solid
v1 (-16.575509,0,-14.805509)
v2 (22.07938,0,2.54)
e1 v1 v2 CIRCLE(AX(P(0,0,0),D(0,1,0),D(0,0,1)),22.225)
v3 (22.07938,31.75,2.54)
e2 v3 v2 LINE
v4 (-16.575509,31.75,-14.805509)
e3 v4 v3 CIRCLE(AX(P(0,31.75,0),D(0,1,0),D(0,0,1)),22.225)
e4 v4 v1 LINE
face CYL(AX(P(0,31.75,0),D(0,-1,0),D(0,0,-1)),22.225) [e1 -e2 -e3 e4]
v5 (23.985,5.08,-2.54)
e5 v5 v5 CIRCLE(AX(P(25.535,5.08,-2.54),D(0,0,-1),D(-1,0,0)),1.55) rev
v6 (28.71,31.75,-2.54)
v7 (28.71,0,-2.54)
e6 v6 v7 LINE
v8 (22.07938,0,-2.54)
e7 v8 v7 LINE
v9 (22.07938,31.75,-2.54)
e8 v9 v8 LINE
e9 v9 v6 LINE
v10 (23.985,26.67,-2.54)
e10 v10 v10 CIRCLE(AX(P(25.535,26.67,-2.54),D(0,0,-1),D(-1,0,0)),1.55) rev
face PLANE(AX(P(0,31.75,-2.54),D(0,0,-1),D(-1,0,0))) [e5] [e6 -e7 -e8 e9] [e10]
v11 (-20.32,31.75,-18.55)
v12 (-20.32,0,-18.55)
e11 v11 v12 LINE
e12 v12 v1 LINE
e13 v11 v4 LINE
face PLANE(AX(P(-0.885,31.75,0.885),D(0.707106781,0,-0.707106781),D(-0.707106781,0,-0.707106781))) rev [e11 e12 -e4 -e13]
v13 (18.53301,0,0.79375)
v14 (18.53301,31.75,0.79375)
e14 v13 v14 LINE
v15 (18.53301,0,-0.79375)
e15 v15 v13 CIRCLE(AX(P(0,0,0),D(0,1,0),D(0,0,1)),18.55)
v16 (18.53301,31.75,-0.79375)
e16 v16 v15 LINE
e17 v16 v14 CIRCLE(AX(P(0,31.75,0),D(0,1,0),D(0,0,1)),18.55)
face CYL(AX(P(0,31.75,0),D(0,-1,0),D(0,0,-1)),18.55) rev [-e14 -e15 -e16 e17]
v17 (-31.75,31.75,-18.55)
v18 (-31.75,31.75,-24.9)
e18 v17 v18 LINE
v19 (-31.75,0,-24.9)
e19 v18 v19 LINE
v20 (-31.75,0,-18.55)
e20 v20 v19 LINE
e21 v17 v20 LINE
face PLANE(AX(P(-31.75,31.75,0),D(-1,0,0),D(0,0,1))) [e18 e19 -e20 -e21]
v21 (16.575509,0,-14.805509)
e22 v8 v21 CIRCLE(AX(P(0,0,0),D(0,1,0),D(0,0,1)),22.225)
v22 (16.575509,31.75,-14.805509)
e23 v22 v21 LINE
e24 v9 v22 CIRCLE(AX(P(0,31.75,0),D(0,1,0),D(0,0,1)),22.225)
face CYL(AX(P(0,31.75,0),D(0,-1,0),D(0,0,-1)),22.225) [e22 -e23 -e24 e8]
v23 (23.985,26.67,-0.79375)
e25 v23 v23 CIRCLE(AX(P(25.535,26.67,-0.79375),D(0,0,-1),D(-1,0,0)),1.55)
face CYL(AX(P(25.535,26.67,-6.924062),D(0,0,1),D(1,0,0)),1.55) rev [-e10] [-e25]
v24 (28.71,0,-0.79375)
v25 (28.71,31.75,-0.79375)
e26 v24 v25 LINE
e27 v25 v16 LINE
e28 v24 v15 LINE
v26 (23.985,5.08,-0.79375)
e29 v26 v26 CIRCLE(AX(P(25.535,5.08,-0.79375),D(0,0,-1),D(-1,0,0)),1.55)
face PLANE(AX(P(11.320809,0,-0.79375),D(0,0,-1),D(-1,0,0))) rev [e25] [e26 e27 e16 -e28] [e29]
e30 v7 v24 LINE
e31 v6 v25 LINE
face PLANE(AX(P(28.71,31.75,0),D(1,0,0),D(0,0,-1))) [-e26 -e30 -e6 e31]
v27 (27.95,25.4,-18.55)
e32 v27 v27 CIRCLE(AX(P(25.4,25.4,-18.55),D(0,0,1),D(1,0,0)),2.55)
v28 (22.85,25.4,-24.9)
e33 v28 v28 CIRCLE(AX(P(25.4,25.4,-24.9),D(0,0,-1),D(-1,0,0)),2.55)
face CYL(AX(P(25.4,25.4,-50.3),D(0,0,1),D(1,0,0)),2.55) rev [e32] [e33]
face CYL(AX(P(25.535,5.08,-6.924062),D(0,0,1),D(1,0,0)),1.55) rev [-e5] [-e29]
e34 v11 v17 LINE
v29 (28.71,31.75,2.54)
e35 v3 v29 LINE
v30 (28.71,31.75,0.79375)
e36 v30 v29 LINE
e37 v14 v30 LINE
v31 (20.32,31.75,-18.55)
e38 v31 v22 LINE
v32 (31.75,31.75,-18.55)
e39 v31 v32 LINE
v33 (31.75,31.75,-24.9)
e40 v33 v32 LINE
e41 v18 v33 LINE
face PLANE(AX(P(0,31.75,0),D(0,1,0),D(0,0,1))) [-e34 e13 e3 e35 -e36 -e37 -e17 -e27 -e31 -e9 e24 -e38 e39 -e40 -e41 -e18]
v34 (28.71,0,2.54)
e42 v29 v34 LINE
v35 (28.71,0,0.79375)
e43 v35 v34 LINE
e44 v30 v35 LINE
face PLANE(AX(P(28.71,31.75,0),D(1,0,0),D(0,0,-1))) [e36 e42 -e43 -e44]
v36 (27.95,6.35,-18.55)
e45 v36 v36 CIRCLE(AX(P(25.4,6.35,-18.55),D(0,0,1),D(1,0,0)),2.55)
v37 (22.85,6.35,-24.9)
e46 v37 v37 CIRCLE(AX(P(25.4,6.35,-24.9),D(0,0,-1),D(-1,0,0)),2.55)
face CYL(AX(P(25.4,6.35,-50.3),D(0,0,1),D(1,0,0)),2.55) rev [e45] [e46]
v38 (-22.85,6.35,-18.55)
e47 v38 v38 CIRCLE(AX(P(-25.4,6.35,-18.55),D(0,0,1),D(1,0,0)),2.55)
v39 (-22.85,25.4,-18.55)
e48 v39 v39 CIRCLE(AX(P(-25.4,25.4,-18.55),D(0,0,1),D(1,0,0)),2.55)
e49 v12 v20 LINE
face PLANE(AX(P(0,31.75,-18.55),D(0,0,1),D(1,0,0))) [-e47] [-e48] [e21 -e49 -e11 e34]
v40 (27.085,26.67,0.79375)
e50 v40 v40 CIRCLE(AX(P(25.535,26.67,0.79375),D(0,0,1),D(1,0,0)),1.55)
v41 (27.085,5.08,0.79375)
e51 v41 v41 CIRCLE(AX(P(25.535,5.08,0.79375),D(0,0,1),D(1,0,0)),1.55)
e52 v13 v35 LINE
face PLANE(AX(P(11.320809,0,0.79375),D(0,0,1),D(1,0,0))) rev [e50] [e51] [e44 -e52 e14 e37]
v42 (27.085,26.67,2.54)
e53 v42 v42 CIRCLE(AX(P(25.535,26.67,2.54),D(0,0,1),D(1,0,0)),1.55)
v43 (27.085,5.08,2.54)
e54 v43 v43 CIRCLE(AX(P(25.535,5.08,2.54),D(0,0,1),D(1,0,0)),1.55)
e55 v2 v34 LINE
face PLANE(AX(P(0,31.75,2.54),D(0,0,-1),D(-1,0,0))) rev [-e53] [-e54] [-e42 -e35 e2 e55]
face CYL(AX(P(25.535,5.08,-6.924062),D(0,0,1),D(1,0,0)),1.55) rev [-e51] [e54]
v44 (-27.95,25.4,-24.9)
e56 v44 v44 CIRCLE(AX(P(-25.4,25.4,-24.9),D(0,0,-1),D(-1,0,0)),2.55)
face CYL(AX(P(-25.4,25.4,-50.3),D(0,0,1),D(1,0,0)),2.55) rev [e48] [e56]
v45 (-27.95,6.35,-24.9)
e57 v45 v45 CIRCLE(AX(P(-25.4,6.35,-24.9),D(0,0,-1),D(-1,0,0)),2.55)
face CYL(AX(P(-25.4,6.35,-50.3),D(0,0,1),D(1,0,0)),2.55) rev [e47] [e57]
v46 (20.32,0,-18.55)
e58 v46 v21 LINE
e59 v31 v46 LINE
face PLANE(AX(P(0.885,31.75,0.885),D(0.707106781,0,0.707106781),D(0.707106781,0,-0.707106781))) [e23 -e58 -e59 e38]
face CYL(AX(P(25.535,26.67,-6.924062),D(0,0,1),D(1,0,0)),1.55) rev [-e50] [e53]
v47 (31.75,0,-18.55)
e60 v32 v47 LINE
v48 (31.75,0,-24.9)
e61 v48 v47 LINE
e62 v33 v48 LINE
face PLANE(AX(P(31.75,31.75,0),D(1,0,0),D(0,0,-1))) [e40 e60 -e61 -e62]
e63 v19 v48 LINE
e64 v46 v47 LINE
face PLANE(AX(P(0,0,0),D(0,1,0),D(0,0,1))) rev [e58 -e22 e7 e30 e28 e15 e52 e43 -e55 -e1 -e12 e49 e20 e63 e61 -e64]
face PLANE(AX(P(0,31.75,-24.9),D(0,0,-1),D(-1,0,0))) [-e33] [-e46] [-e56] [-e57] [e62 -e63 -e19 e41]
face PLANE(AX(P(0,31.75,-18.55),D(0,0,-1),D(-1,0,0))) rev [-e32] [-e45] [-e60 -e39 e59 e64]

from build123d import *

# Parameters (mm, degrees)
SKETCH1_W           = 3
SKETCH1_H           = 5.08
SKETCH1_W_2         = 1.910737821
SKETCH1_W_3         = 5
SKETCH1_H_2         = 6.35
SKETCH1_W_4         = 3.175
BOSS_EXTRUDE1_DEPTH = 31.75
SKETCH2_W           = 21.412406597
SKETCH2_H           = 1.5875
CUT_EXTRUDE1_DEPTH  = 31.75
CUT_EXTRUDE2_REACH  = 54.622
SKETCH3_R           = 1.55
SKETCH4_R           = 2.55
CUT_EXTRUDE3_DEPTH  = 31.75


with BuildPart() as part:
    # Sketch1 → Boss-Extrude1 (new body)
    with BuildSketch(Plane(origin=(0, 0, 0), x_dir=(1, 0, 0), z_dir=(0, 1, 0))):
        with BuildLine():
            ThreePointArc((18.55, 0), (-13.116830791, -13.116830791), (0, 18.55))
            Line((0, 18.55), (-12.241246873, 18.55))
            ThreePointArc((-12.241246873, 18.55), (-14.529510105, 16.817965427), (-16.575509472, 14.805509472))
            ThreePointArc((-16.575509472, 14.805509472), (-9.098891287, -20.277100442), (22.079380086, -2.54))
            Line((22.079380086, -2.54), (18.55, -2.54))
            Line((18.55, -2.54), (18.55, 0))
        make_face()
        with BuildLine():
            Line((12.241246873, 18.55), (0, 18.55))
            ThreePointArc((0, 18.55), (13.116830791, 13.116830791), (18.55, 0))
            Line((18.55, 0), (18.55, 2.54))
            Line((18.55, 2.54), (22.079380086, 2.54))
            ThreePointArc((22.079380086, 2.54), (20.277100442, 9.098891287), (16.575509472, 14.805509472))
            ThreePointArc((16.575509472, 14.805509472), (14.529510105, 16.817965427), (12.241246873, 18.55))
        make_face()
        with BuildLine():
            Line((18.55, 2.54), (18.55, 0))
            Line((18.55, 0), (18.55, -2.54))
            Line((18.55, -2.54), (22.079380086, -2.54))
            ThreePointArc((22.079380086, -2.54), (22.188565157, -1.27208541), (22.225, 0))
            ThreePointArc((22.225, 0), (22.188565157, 1.27208541), (22.079380086, 2.54))
            Line((22.079380086, 2.54), (18.55, 2.54))
        make_face()
        with BuildLine():
            ThreePointArc((22.225, 0), (22.188565157, -1.27208541), (22.079380086, -2.54))
            Line((22.079380086, -2.54), (23.799262179, -2.54))
            Line((23.799262179, -2.54), (23.799262179, 2.54))
            Line((23.799262179, 2.54), (22.079380086, 2.54))
            ThreePointArc((22.079380086, 2.54), (22.188565157, 1.27208541), (22.225, 0))
        make_face()
        with Locations((25.299262179, 0)):
            Rectangle(SKETCH1_W, SKETCH1_H)
        with Locations((27.75463109, 0)):
            Rectangle(SKETCH1_W_2, SKETCH1_H)
        with BuildLine():
            Line((-20.32, 18.55), (-12.241246873, 18.55))
            ThreePointArc((-12.241246873, 18.55), (0, 22.225), (12.241246873, 18.55))
            Line((12.241246873, 18.55), (20.32, 18.55))
            Line((20.32, 18.55), (31.75, 18.55))
            Line((31.75, 18.55), (31.75, 24.9))
            Line((31.75, 24.9), (-23.575, 24.9))
            Line((-23.575, 24.9), (-23.575, 18.55))
            Line((-23.575, 18.55), (-20.32, 18.55))
        make_face()
        with BuildLine():
            Line((-12.241246873, 18.55), (0, 18.55))
            Line((0, 18.55), (12.241246873, 18.55))
            ThreePointArc((12.241246873, 18.55), (0, 22.225), (-12.241246873, 18.55))
        make_face()
        with BuildLine():
            Line((20.32, 18.55), (12.241246873, 18.55))
            ThreePointArc((12.241246873, 18.55), (14.529510105, 16.817965427), (16.575509472, 14.805509472))
            Line((16.575509472, 14.805509472), (20.32, 18.55))
        make_face()
        with BuildLine():
            ThreePointArc((-16.575509472, 14.805509472), (-14.529510105, 16.817965427), (-12.241246873, 18.55))
            Line((-12.241246873, 18.55), (-20.32, 18.55))
            Line((-20.32, 18.55), (-16.575509472, 14.805509472))
        make_face()
        with Locations((-26.075, 21.725)):
            Rectangle(SKETCH1_W_3, SKETCH1_H_2)
        with Locations((-30.1625, 21.725)):
            Rectangle(SKETCH1_W_4, SKETCH1_H_2)
    extrude(amount=BOSS_EXTRUDE1_DEPTH)

    # Sketch2 → Cut-Extrude1 (cut)
    with BuildSketch(Plane(origin=(0, 31.75, 0), x_dir=(1, 0, 0), z_dir=(0, 1, 0))):
        with Locations((22.027012195, 0)):
            Rectangle(SKETCH2_W, SKETCH2_H)
    extrude(amount=-CUT_EXTRUDE1_DEPTH, mode=Mode.SUBTRACT)

    # Cut-Extrude2: up to this face of the body (flat: up to its plane)
    cut_extrude2_end = Plane(part.part.faces().sort_by_distance((25.394690043, 15.875, -2.54))[0])
    # Sketch3 → Cut-Extrude2 (cut, up to the picked face)
    with BuildSketch(Plane.XY.offset(2.54), mode=Mode.PRIVATE) as cut_extrude2_sk1:
        with Locations((25.535, 5.08)):
            Circle(SKETCH3_R)
    cut_extrude2_tool1 = split(extrude(cut_extrude2_sk1.sketch, amount=-CUT_EXTRUDE2_REACH, mode=Mode.PRIVATE), bisect_by=cut_extrude2_end, keep=Keep.BOTH, mode=Mode.PRIVATE)
    # Sketch3 → Cut-Extrude2 (cut, up to the picked face)
    with BuildSketch(Plane.XY.offset(2.54), mode=Mode.PRIVATE) as cut_extrude2_sk2:
        with Locations((25.535, 26.67)):
            Circle(SKETCH3_R)
    cut_extrude2_tool2 = split(extrude(cut_extrude2_sk2.sketch, amount=-CUT_EXTRUDE2_REACH, mode=Mode.PRIVATE), bisect_by=cut_extrude2_end, keep=Keep.BOTH, mode=Mode.PRIVATE)
    add(cut_extrude2_tool1.solids().sort_by(Axis((25.535, 5.08, 2.54), (0, 0, -1)))[0], mode=Mode.SUBTRACT)
    add(cut_extrude2_tool2.solids().sort_by(Axis((25.535, 26.67, 2.54), (0, 0, -1)))[0], mode=Mode.SUBTRACT)

    # Sketch4 → Cut-Extrude3 (cut)
    with BuildSketch(Plane.XY.offset(-18.55)):
        with Locations((-25.4, 6.35)):
            Circle(SKETCH4_R)
        with Locations((-25.4, 25.4)):
            Circle(SKETCH4_R)
        with Locations((25.4, 25.4)):
            Circle(SKETCH4_R)
        with Locations((25.4, 6.35)):
            Circle(SKETCH4_R)
    extrude(amount=-CUT_EXTRUDE3_DEPTH, mode=Mode.SUBTRACT)


solid = part.part
